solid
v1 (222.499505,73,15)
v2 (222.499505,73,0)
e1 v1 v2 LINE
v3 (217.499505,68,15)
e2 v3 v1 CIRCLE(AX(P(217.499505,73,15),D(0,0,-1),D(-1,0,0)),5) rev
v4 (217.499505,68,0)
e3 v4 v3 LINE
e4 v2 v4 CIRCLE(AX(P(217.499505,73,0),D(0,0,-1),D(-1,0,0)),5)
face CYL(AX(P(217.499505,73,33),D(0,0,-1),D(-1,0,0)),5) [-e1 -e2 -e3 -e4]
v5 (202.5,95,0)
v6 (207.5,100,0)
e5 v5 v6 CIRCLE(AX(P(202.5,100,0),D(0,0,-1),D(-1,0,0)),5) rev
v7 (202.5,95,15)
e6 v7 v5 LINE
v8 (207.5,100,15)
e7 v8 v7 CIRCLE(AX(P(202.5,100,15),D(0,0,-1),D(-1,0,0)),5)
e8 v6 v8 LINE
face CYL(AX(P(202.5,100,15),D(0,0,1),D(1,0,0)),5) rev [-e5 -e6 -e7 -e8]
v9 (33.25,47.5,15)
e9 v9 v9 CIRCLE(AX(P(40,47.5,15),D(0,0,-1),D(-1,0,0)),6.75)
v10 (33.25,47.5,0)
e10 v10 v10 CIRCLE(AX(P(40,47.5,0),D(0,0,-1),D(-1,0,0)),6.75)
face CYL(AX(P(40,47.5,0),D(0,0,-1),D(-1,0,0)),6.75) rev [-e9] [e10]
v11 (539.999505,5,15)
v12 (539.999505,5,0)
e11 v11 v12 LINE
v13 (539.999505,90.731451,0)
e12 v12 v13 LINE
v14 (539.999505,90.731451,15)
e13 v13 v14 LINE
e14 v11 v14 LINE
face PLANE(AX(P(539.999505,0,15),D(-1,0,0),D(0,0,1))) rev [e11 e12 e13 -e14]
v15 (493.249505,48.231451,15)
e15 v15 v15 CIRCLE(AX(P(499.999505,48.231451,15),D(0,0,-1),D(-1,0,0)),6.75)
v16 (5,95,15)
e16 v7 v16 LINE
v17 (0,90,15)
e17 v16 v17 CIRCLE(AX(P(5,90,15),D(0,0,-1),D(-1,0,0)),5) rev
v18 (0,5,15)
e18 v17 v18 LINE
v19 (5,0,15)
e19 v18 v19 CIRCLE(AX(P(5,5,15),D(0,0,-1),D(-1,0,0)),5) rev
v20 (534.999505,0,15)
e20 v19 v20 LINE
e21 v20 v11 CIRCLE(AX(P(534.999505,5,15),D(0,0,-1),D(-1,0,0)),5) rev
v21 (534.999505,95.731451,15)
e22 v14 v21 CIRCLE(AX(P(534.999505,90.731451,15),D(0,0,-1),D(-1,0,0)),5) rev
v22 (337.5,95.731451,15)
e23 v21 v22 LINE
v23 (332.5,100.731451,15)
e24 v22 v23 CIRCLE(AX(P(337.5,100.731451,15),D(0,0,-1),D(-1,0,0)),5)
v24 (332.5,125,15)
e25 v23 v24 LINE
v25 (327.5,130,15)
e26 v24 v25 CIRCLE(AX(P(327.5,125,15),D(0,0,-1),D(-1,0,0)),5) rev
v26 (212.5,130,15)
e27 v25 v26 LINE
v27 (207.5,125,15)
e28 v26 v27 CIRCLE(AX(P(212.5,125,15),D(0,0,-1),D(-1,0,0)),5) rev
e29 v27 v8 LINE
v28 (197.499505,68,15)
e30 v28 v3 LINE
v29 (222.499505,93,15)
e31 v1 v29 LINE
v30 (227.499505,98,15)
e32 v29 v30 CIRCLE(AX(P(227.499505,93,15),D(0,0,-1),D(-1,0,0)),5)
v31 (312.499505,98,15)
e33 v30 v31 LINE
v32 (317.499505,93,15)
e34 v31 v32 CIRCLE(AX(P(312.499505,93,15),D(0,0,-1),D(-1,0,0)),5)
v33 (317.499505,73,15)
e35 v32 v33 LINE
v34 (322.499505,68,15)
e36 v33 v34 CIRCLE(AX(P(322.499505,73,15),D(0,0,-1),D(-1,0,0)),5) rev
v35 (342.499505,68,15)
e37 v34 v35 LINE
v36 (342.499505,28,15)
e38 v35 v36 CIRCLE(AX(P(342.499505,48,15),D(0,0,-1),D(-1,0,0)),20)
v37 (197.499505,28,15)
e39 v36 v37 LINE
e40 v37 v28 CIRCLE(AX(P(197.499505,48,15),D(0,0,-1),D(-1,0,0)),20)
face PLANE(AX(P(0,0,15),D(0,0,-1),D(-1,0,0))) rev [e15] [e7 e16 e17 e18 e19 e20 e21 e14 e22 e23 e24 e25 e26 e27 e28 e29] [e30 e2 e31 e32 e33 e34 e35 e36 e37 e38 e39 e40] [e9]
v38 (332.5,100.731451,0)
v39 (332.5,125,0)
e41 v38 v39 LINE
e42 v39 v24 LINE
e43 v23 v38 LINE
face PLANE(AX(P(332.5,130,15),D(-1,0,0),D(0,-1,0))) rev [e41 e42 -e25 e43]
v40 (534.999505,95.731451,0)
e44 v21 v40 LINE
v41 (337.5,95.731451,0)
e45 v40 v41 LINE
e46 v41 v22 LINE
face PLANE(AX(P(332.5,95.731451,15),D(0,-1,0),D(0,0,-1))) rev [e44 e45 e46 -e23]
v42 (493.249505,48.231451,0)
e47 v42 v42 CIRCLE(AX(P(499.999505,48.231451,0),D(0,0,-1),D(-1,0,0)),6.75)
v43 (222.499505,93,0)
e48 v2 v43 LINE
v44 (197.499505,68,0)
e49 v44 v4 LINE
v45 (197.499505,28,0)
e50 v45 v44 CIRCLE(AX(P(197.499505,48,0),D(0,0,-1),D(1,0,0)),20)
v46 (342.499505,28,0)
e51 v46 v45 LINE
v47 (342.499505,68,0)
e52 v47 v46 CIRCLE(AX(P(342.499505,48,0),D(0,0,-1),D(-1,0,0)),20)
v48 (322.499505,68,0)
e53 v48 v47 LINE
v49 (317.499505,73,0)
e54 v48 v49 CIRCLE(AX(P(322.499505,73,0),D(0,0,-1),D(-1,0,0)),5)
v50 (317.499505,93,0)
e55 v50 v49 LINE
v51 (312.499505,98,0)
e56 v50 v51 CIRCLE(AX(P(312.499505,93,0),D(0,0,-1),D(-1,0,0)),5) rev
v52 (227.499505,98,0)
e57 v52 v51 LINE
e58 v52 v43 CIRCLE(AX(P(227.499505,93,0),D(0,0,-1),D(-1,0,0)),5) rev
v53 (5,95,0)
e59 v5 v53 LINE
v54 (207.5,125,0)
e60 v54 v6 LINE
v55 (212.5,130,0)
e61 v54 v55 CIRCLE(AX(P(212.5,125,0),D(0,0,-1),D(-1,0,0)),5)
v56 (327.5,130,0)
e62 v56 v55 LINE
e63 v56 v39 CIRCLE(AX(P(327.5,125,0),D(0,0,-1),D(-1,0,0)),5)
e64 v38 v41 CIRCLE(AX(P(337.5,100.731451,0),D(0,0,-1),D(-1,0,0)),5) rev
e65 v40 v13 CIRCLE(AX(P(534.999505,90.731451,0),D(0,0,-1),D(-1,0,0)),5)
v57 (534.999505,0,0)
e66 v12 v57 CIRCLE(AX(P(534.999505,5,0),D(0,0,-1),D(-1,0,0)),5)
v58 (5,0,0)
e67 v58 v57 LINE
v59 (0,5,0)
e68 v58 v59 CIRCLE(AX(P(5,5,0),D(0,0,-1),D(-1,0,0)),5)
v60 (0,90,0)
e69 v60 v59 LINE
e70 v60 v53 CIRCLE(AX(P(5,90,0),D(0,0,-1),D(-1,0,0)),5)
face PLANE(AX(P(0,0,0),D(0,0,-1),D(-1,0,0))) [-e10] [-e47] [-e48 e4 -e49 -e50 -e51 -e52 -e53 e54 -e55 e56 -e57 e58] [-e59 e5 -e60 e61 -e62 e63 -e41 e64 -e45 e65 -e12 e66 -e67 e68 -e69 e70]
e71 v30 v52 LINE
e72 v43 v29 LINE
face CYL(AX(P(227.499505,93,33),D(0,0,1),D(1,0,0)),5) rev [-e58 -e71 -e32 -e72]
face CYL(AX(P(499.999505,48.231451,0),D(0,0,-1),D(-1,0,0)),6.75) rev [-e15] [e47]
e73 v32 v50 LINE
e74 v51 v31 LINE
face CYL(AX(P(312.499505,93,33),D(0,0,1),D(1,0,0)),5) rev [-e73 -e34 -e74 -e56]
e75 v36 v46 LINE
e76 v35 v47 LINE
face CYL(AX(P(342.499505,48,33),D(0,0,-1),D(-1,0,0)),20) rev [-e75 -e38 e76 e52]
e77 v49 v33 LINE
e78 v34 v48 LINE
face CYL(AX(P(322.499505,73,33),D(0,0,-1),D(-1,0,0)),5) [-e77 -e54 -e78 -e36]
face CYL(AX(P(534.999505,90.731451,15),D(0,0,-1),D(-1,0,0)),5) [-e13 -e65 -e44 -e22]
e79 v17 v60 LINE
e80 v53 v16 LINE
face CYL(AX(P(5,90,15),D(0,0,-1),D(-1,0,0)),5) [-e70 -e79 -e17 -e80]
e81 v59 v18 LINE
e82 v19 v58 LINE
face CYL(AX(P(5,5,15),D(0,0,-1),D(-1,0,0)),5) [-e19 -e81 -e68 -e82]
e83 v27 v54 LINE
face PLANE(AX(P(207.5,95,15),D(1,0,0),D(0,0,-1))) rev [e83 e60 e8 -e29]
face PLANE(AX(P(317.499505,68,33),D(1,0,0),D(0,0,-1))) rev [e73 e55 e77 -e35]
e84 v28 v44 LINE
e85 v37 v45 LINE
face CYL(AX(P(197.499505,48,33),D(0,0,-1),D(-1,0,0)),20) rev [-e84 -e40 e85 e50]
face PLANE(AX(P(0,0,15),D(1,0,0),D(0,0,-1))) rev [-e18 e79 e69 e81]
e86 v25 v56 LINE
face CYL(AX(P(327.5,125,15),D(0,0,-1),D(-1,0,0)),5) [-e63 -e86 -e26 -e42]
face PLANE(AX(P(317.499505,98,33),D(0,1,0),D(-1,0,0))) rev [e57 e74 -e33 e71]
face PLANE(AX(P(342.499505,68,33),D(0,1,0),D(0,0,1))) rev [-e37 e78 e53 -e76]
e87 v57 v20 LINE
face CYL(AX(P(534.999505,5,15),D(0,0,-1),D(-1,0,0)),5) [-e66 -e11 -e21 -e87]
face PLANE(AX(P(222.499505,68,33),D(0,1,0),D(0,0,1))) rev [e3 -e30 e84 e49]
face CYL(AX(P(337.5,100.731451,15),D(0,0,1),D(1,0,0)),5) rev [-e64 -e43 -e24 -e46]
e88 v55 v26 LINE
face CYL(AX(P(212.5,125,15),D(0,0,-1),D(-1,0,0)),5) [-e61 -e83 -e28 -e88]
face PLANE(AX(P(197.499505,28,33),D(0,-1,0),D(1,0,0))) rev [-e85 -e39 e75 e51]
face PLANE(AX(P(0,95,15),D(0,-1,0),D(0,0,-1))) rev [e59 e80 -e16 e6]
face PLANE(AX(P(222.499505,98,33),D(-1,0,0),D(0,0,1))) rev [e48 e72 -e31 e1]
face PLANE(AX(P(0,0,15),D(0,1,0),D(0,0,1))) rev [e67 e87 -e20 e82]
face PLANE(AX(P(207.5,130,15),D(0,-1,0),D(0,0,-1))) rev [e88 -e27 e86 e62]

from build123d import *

# Parameters (mm, degrees)
BOSS_EXTRU_1_DEPTH      = 15
D_GAGEMENT_M121_D       = 13.5
ENL_V_MAT_EXTRU_8_DEPTH = 33
CONG_1_R                = 5
CONG_2_R                = 5
CONG_3_R                = 5


with BuildPart() as part:
    # Esquisse1 → Boss.-Extru.1 (new body)
    with BuildSketch(Plane.XY):
        Polygon((0, 95), (207.5, 95), (207.5, 130), (332.5, 130), (332.5, 95.731450782), (539.999504611, 95.731450782), (539.999504611, 0), (0, 0), align=None)
    extrude(amount=BOSS_EXTRU_1_DEPTH)

    # Dégagement M121 (through all)
    with Locations(Plane(origin=(0, 0, 0), x_dir=(-1, 0, 0), z_dir=(0, 0, -1))):
        with Locations((-40, 47.5), (-499.999504611, 48.231450782)):
            Hole(D_GAGEMENT_M121_D / 2)

    # Esquisse20 → Enlèv. mat.-Extru.8 (cut)
    with BuildSketch(Plane(origin=(0, 0, 0), x_dir=(-1, 0, 0), z_dir=(0, 0, -1))):
        with BuildLine():
            Line((-197.499504611, 28), (-342.499504611, 28))
            ThreePointArc((-342.499504611, 28), (-362.499504611, 48), (-342.499504611, 68))
            Line((-342.499504611, 68), (-317.499504611, 68))
            Line((-317.499504611, 68), (-317.499504611, 98))
            Line((-317.499504611, 98), (-222.499504611, 98))
            Line((-222.499504611, 98), (-222.499504611, 68))
            Line((-222.499504611, 68), (-197.499504611, 68))
            ThreePointArc((-197.499504611, 68), (-177.499504611, 48), (-197.499504611, 28))
        make_face()
    extrude(amount=-ENL_V_MAT_EXTRU_8_DEPTH, mode=Mode.SUBTRACT)

    # Congé1
    cong_1_edges = [part.edges().sort_by_distance(p)[0] for p in [
        (207.5, 95, 7.5),
        (207.5, 130, 7.5),
        (332.5, 130, 7.5),
        (332.5, 95.731450782, 7.5),
    ]]
    fillet(cong_1_edges, radius=CONG_1_R)

    # Congé2
    cong_2_edges = [part.edges().sort_by_distance(p)[0] for p in [
        (317.499504611, 68, 7.5),
        (317.499504611, 98, 7.5),
        (222.499504611, 98, 7.5),
        (222.499504611, 68, 7.5),
    ]]
    fillet(cong_2_edges, radius=CONG_2_R)

    # Congé3
    cong_3_edges = [part.edges().sort_by_distance(p)[0] for p in [
        (0, 95, 7.5),
        (539.999504611, 95.731450782, 7.5),
        (539.999504611, 0, 7.5),
        (0, 0, 7.5),
    ]]
    fillet(cong_3_edges, radius=CONG_3_R)


solid = part.part
